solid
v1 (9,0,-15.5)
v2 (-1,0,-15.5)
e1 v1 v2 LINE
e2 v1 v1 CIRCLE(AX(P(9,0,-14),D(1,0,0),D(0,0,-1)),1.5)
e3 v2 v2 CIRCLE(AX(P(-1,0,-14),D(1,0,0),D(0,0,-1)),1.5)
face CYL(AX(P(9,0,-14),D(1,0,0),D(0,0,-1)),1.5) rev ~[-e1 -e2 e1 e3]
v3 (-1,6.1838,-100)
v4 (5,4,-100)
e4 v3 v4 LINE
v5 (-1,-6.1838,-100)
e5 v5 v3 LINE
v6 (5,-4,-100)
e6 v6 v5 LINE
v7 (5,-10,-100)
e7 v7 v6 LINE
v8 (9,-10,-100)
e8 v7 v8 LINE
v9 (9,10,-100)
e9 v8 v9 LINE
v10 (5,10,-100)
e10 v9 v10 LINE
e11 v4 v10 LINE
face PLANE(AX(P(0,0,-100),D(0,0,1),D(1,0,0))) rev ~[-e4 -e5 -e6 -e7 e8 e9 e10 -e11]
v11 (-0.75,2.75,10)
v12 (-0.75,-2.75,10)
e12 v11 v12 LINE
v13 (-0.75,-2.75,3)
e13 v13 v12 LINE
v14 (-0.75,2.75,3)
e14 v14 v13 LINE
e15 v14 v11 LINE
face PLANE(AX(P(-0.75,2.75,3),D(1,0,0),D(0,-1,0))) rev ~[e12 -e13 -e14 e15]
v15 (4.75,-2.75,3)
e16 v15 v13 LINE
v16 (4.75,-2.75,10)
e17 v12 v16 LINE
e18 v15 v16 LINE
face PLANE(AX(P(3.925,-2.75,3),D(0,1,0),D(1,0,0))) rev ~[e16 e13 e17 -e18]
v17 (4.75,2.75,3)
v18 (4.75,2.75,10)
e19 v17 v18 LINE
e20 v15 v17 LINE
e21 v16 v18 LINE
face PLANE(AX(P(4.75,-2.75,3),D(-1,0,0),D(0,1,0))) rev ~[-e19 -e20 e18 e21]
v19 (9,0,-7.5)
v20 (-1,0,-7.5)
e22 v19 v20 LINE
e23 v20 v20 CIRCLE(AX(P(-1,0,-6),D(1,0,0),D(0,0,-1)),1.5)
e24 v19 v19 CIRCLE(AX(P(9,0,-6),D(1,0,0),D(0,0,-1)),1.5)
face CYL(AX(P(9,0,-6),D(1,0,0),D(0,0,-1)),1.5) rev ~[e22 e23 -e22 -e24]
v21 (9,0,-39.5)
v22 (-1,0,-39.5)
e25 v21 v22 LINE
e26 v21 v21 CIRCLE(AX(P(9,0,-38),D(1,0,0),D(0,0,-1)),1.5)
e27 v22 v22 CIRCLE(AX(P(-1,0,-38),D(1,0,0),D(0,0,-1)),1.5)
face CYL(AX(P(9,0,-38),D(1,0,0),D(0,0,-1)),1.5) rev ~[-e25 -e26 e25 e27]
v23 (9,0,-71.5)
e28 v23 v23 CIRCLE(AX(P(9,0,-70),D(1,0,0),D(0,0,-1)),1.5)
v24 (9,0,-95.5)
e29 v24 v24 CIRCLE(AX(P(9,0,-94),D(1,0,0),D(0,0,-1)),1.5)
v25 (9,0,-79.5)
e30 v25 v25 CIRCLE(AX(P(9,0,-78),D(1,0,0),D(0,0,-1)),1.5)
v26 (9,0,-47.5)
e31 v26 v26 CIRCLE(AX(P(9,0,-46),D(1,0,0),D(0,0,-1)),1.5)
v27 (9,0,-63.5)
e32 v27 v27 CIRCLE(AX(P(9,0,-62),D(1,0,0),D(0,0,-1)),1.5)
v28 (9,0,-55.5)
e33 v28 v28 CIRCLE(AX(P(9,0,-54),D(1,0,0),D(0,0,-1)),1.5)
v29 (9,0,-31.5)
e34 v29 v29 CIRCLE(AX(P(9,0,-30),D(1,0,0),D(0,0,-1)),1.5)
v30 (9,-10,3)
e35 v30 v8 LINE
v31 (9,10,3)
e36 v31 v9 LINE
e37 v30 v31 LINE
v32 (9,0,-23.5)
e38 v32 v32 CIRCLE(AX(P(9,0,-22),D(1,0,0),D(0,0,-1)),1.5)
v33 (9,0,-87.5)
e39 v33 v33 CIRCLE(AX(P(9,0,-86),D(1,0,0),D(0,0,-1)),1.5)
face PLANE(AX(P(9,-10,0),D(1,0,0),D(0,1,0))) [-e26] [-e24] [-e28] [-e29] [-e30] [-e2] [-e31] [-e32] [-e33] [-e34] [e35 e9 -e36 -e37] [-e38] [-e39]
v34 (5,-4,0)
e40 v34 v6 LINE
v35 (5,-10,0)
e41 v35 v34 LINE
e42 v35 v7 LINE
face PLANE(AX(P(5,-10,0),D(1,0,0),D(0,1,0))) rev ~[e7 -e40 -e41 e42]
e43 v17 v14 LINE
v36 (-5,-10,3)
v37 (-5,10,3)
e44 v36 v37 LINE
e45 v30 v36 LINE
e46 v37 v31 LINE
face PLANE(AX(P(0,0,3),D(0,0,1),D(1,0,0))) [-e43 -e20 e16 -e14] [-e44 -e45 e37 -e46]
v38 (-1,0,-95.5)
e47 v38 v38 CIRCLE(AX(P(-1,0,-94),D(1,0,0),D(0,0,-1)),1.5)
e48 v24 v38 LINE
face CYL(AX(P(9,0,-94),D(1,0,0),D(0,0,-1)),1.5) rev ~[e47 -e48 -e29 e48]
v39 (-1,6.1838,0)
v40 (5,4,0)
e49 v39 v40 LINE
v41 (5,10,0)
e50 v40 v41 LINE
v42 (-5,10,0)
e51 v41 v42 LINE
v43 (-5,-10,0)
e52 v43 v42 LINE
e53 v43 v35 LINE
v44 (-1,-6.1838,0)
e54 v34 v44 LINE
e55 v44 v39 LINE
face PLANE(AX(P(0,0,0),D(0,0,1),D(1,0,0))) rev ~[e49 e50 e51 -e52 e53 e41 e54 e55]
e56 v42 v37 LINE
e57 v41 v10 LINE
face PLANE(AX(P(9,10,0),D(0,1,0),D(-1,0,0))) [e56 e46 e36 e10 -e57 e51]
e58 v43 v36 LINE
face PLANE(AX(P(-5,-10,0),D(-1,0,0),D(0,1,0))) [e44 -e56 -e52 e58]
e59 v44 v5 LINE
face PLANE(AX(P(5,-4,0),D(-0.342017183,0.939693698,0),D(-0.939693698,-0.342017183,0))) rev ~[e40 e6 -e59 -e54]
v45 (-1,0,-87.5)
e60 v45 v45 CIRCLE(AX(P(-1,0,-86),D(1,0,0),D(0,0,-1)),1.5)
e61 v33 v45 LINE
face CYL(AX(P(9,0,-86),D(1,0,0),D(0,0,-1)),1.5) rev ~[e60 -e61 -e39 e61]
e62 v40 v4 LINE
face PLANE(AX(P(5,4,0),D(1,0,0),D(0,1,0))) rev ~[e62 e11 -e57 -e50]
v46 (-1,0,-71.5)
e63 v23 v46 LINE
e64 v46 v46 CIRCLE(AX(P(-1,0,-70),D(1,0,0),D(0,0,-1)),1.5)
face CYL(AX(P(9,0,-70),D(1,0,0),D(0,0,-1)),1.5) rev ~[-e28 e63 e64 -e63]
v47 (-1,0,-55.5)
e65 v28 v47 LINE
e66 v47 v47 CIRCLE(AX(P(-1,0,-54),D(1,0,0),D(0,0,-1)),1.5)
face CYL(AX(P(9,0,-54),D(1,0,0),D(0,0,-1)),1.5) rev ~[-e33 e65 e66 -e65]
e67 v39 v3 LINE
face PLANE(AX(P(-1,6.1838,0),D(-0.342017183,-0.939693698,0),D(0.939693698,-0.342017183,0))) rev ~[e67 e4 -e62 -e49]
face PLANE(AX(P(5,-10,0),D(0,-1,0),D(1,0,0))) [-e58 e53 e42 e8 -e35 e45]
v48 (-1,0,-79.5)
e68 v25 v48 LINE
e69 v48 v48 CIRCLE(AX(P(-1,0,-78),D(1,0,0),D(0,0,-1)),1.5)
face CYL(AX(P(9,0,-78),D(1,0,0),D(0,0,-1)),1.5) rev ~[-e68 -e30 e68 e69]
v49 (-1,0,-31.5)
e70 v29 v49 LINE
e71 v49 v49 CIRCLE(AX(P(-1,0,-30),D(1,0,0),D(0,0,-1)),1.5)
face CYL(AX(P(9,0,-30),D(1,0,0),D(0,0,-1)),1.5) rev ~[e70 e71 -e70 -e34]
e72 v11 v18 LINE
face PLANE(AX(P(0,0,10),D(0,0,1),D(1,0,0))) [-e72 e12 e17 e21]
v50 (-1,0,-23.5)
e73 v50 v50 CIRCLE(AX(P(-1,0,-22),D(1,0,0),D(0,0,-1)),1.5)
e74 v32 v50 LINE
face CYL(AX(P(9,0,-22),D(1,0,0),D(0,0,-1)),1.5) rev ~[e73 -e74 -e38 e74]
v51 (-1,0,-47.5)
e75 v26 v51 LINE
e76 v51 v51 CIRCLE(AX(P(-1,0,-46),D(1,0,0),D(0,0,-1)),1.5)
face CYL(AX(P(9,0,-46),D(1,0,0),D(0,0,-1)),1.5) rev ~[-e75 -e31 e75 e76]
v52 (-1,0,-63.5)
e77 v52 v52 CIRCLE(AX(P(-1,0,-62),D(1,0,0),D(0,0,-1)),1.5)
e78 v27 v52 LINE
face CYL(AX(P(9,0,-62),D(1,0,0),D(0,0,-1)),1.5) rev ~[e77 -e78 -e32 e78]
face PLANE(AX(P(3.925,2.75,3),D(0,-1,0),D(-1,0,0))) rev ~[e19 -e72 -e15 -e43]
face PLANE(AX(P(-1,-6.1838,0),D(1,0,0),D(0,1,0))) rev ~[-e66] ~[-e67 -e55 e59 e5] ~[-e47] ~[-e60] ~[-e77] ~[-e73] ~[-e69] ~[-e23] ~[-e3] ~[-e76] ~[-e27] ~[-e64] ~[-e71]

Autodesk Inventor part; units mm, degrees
ref_plane "YZ Plane" through (0, 0, 0) normal (1, 0, 0) x (0, 1, 0)
ref_plane "XZ Plane" through (0, 0, 0) normal (0, 1, 0) x (-1, 0, 0)
sketch "Sketch1" plane through (0, 0, 0) normal (0, 0, 1) x (1, 0, 0)
  line L0 (-5, 10) -> (-5, -10) projected
  line L1 (-5, -10) -> (5, -10) projected
  line L2 (5, -10) -> (5, -4) projected
  line L3 (5, -4) -> (-1, -6.1838) projected
  line L4 (-1, -6.1838) -> (-1, 6.1838) projected
  line L5 (-1, 6.1838) -> (5, 4) projected
  line L6 (5, 4) -> (5, 10) projected
  line L7 (5, 10) -> (-5, 10) projected
  line L8 (-1, -10) -> (9, -10)
  line L9 (9, -10) -> (9, 10)
  line L10 (9, 10) -> (-1, 10)
  line L11 (-1, 10) -> (-1, -10)
  point P0 (0, 0)
  dimension "d0" = 10
ref_plane "Work Plane1" through (-5, -10, -100) normal (0, 0, -1) x (0, 1, 0)
extrude "Extrusion1" add sketch "Sketch1" against normal up to surface (100 mm away) contours L10 L9 L8 L2 L3 L4 L5 L6
sketch "Sketch2" plane through (0, 0, 0) normal (0, 0, 1) x (1, 0, 0)
  line L0 (9, 10) -> (5, 10) projected
  line L1 (5, 10) -> (5, 4) projected
  line L2 (5, 4) -> (-1, 6.1838) projected
  line L3 (-1, 6.1838) -> (-1, -6.1838) projected
  line L4 (-1, -6.1838) -> (5, -4) projected
  line L5 (5, -4) -> (5, -10) projected
  line L6 (5, -10) -> (9, -10) projected
  line L7 (9, -10) -> (9, 10) projected
  line L8 (5, -10) -> (9, -10) projected
  line L9 (9, -10) -> (-5, -10)
  line L10 (-5, -10) -> (-5, 10)
  line L11 (-5, 10) -> (9, 10)
  line L12 (9, 10) -> (9, -10)
  point P0 (0, 0)
  dimension "d3" = 14
  dimension "d4" = 20
extrude "Extrusion2" add sketch "Sketch2" along normal blind 3
sketch "Sketch3" plane through (9, -10, -100) normal (1, 0, 0) x (0, 0, -1)
  line L0 (-100, 16.1838) -> (-100, 3.8162) projected
  circle A0 centre (-94, 10) radius 1.5
  line L1 (0, 0) -> (-103, 0) projected
  circle A1 centre (-86, 10) radius 1.5
  circle A2 centre (-78, 10) radius 1.5
  circle A3 centre (-70, 10) radius 1.5
  circle A4 centre (-62, 10) radius 1.5
  circle A5 centre (-54, 10) radius 1.5
  circle A6 centre (-46, 10) radius 1.5
  circle A7 centre (-38, 10) radius 1.5
  circle A8 centre (-30, 10) radius 1.5
  circle A9 centre (-22, 10) radius 1.5
  circle A10 centre (-14, 10) radius 1.5
  circle A11 centre (-6, 10) radius 1.5
  point P0 (-100, 10)
  dimension "d7" = 3
  dimension "d8" = 6
  dimension "d11" = 8
extrude "Extrusion3" cut sketch "Sketch3" against normal through all
sketch "Sketch4" plane through (0, 0, 3) normal (0, 0, 1) x (1, 0, 0)
  line L0 (-5, 10) -> (-5, -10) projected
  line L1 (-5, 10) -> (9, -10)
  line L2 (9, 10) -> (5, 10) projected
  line L3 (9, -10) -> (9, 10)
  line L4 (-5, -10) -> (5, -10) projected
  line L5 (9, 10) -> (-5, -10)
  line L6 (-0.75, -2.75) -> (4.75, -2.75)
  line L7 (4.75, -2.75) -> (4.75, 2.75)
  line L8 (4.75, 2.75) -> (-0.75, 2.75)
  line L9 (-0.75, 2.75) -> (-0.75, -2.75)
  line L10 (-0.75, -2.75) -> (4.75, 2.75) construction
  line L11 (4.75, -2.75) -> (-0.75, 2.75) construction
  point P0 (0, 0)
  point P1 (2, 0)
  dimension "d18" = 5.5
  dimension "d19" = 5.5
extrude "Extrusion4" add sketch "Sketch4" along normal blind 7 contours L8 L5 L1 | L1 L5 L6 L9 L8 | L5 L1 L6 | L5 L8 L7 L6 L1
properties part number "prismatic link outer"
